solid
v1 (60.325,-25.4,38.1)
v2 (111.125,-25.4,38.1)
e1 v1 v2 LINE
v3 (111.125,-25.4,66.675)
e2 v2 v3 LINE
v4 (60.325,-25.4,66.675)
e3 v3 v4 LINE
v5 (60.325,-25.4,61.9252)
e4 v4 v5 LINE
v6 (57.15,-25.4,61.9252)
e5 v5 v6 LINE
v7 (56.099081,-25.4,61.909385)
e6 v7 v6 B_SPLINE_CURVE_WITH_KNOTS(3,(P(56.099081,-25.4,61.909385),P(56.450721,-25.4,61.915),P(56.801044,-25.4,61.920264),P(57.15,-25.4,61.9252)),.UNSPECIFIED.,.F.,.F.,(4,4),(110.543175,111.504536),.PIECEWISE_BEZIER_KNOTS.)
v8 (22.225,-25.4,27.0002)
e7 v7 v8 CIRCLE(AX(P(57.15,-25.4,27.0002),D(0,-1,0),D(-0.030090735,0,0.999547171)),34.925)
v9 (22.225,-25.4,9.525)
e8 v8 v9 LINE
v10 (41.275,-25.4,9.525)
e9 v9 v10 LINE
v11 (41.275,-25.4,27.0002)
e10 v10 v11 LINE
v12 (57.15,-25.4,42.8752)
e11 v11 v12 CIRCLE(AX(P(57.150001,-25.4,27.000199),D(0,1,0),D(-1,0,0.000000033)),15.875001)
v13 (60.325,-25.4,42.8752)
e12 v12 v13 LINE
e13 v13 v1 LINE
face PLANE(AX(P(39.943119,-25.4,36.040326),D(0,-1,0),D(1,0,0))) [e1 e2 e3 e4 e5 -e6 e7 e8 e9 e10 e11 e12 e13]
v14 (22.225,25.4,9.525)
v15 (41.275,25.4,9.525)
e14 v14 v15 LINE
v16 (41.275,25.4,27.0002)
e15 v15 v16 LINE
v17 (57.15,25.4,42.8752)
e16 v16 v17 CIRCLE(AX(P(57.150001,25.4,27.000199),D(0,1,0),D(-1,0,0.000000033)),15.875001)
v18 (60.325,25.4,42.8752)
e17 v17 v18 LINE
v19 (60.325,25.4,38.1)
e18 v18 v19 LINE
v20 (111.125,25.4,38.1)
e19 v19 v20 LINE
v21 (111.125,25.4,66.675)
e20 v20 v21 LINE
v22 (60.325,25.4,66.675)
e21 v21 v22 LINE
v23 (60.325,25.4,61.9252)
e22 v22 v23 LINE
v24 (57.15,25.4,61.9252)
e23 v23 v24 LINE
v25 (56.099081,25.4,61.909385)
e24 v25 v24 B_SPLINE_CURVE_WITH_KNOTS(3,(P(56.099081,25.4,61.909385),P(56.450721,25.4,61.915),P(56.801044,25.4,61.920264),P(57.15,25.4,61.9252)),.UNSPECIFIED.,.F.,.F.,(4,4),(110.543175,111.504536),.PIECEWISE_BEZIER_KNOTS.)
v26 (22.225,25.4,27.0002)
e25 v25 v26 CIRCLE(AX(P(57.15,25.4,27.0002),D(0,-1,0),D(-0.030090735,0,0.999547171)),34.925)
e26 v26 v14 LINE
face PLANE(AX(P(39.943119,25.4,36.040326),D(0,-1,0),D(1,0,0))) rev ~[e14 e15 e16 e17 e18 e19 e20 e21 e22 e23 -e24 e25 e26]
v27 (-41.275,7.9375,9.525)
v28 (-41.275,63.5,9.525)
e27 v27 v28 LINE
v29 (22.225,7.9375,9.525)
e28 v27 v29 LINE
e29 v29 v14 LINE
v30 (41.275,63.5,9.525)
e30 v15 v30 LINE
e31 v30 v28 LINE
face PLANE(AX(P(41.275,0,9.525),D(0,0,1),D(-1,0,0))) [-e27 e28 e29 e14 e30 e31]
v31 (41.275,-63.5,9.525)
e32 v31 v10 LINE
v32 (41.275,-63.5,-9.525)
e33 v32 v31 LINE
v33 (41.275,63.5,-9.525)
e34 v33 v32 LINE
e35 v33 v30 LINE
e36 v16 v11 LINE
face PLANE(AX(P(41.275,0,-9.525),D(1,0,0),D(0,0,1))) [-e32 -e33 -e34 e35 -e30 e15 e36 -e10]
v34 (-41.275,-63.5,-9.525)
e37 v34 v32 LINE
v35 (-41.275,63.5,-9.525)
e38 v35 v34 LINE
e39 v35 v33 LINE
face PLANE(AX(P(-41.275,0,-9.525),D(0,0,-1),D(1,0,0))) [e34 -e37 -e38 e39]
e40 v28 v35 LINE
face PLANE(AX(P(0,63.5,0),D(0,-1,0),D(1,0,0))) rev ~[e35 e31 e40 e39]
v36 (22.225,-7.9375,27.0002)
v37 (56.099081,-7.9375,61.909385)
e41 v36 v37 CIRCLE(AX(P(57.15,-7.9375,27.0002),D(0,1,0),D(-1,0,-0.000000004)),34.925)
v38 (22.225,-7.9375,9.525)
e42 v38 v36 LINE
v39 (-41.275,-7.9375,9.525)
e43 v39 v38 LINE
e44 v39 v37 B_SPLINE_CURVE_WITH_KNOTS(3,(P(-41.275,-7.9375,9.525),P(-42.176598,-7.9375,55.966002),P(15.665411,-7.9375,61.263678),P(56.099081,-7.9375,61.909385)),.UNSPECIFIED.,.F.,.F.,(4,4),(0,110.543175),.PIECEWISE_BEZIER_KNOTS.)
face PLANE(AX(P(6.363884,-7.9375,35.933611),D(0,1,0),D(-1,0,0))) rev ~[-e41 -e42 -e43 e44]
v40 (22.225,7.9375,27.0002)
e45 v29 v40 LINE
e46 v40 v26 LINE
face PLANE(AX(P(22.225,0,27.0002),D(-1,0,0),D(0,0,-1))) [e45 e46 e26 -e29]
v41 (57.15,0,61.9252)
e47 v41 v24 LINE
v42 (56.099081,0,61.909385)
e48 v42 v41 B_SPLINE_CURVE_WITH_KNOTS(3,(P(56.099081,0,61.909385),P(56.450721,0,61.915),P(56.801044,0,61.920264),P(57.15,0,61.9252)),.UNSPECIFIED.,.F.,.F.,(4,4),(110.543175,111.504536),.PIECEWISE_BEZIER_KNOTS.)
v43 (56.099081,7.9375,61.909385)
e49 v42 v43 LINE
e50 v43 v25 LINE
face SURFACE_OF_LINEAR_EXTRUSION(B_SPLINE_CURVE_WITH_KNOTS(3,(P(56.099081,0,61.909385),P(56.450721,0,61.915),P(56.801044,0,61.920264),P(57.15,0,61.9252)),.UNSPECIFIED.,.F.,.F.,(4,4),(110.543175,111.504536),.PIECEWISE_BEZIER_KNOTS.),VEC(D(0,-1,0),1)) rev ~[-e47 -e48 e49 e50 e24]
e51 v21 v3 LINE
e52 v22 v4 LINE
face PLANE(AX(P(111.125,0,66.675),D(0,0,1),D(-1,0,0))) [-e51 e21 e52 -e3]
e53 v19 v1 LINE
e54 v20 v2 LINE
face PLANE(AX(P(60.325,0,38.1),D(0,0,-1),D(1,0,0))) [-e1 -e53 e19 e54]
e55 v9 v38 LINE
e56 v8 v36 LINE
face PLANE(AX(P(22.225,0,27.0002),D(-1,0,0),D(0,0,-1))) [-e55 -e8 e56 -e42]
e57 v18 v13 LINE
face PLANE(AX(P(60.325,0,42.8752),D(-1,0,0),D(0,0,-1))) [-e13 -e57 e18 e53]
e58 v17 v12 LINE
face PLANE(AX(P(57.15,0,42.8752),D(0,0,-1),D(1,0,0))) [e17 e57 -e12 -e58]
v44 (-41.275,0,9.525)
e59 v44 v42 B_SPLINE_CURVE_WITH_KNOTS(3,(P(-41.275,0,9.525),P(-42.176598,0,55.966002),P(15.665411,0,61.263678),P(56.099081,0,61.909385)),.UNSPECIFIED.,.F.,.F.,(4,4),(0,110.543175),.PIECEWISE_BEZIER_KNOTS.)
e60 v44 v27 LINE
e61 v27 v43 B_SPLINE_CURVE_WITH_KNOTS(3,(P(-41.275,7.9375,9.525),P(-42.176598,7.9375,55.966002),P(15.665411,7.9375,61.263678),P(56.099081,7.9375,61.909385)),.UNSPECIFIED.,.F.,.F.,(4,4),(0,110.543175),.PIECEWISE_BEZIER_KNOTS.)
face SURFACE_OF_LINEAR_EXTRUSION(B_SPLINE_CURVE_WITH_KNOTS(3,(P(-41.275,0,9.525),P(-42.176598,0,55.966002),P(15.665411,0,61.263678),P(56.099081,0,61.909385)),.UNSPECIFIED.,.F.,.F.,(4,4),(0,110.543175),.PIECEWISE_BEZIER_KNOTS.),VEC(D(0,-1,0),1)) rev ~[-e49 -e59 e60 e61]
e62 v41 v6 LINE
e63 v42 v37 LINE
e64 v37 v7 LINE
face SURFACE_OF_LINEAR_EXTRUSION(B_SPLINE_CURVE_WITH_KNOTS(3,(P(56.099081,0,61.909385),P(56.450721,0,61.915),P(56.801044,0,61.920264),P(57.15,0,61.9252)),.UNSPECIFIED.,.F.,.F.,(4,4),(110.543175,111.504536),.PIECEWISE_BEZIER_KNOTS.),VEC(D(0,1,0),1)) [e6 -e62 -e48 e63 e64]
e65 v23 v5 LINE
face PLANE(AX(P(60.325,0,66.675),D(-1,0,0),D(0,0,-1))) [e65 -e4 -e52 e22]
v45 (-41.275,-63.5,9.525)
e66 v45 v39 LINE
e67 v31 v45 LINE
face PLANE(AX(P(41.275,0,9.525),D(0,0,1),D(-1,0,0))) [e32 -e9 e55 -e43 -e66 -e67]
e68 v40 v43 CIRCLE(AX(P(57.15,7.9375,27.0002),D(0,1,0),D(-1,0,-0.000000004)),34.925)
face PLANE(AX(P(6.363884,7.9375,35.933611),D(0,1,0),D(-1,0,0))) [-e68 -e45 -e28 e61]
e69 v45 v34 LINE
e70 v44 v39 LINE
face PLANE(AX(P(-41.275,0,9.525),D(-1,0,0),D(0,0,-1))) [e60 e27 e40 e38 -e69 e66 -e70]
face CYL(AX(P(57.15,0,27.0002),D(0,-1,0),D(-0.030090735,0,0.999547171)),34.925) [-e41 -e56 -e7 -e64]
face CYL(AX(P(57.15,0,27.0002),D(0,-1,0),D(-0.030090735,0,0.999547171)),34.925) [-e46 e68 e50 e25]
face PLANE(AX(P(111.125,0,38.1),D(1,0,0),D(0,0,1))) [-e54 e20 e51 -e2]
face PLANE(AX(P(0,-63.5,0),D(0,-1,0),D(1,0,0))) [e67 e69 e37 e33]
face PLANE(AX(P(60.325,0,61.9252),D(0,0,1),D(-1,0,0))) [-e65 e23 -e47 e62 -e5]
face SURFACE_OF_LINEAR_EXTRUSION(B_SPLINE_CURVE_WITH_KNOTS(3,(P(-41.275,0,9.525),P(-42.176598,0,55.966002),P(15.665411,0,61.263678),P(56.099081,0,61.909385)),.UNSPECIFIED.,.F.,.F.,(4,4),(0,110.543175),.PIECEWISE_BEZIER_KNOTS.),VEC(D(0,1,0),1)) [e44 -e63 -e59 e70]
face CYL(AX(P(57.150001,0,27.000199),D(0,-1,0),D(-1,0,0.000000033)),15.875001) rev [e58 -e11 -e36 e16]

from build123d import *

# Parameters (mm, degrees)
F1_DEPTH = 63.5
F2_DEPTH = 25.4
F3_DEPTH = 7.9375


with BuildPart() as f1:
    # F0 (on Front) → F1 (new body, symmetric)
    with BuildSketch(Plane.XZ):
        Polygon((-41.275, 9.525), (-41.275, -9.525), (41.275, -9.525), (41.275, 9.525), (22.225, 9.525), align=None)
    extrude(amount=F1_DEPTH, both=True)

    # F0 (on Front) → F2 (join, symmetric)
    with BuildSketch(Plane.XZ):
        with BuildLine():
            Line((22.225, 9.525), (41.275, 9.525))
            Line((41.275, 9.525), (41.275, 27.0002))
            ThreePointArc((41.275, 27.0002), (45.92468, 38.22552), (57.15, 42.8752))
            Line((57.15, 42.8752), (60.325, 42.8752))
            Line((60.325, 42.8752), (60.325, 61.9252))
            Line((60.325, 61.9252), (57.15, 61.9252))
            add(Edge.make_bspline(
                [(56.099081, 61.909385), (56.450721, 61.915), (56.801044, 61.920264), (57.15, 61.9252)],
                knots=[110.543175, 110.543175, 110.543175, 110.543175, 111.504536, 111.504536, 111.504536, 111.504536], degree=3))
            ThreePointArc((56.099081, 61.909385), (32.085494, 51.321511), (22.225, 27.0002))
            Line((22.225, 27.0002), (22.225, 9.525))
        make_face()
        Polygon((111.125, 66.675), (88.400421, 66.675), (88.923447, 38.1), (111.125, 38.1), align=None)
        Polygon((60.325, 66.675), (60.325, 61.9252), (60.325, 42.8752), (60.325, 38.1), (88.923447, 38.1), (88.400421, 66.675), align=None)
    extrude(amount=F2_DEPTH, both=True)

    # F0 (on Front) → F3 (join, symmetric)
    with BuildSketch(Plane.XZ):
        with BuildLine():
            add(Edge.make_bspline(
                [(-41.275, 9.525), (-42.176598, 55.966002), (15.665411, 61.263678), (56.099081, 61.909385)],
                knots=[0, 0, 0, 0, 110.543175, 110.543175, 110.543175, 110.543175], degree=3))
            Line((-41.275, 9.525), (22.225, 9.525))
            Line((22.225, 9.525), (22.225, 27.0002))
            ThreePointArc((22.225, 27.0002), (32.085494, 51.321511), (56.099081, 61.909385))
        make_face()
    extrude(amount=F3_DEPTH, both=True)


solid = f1.part
